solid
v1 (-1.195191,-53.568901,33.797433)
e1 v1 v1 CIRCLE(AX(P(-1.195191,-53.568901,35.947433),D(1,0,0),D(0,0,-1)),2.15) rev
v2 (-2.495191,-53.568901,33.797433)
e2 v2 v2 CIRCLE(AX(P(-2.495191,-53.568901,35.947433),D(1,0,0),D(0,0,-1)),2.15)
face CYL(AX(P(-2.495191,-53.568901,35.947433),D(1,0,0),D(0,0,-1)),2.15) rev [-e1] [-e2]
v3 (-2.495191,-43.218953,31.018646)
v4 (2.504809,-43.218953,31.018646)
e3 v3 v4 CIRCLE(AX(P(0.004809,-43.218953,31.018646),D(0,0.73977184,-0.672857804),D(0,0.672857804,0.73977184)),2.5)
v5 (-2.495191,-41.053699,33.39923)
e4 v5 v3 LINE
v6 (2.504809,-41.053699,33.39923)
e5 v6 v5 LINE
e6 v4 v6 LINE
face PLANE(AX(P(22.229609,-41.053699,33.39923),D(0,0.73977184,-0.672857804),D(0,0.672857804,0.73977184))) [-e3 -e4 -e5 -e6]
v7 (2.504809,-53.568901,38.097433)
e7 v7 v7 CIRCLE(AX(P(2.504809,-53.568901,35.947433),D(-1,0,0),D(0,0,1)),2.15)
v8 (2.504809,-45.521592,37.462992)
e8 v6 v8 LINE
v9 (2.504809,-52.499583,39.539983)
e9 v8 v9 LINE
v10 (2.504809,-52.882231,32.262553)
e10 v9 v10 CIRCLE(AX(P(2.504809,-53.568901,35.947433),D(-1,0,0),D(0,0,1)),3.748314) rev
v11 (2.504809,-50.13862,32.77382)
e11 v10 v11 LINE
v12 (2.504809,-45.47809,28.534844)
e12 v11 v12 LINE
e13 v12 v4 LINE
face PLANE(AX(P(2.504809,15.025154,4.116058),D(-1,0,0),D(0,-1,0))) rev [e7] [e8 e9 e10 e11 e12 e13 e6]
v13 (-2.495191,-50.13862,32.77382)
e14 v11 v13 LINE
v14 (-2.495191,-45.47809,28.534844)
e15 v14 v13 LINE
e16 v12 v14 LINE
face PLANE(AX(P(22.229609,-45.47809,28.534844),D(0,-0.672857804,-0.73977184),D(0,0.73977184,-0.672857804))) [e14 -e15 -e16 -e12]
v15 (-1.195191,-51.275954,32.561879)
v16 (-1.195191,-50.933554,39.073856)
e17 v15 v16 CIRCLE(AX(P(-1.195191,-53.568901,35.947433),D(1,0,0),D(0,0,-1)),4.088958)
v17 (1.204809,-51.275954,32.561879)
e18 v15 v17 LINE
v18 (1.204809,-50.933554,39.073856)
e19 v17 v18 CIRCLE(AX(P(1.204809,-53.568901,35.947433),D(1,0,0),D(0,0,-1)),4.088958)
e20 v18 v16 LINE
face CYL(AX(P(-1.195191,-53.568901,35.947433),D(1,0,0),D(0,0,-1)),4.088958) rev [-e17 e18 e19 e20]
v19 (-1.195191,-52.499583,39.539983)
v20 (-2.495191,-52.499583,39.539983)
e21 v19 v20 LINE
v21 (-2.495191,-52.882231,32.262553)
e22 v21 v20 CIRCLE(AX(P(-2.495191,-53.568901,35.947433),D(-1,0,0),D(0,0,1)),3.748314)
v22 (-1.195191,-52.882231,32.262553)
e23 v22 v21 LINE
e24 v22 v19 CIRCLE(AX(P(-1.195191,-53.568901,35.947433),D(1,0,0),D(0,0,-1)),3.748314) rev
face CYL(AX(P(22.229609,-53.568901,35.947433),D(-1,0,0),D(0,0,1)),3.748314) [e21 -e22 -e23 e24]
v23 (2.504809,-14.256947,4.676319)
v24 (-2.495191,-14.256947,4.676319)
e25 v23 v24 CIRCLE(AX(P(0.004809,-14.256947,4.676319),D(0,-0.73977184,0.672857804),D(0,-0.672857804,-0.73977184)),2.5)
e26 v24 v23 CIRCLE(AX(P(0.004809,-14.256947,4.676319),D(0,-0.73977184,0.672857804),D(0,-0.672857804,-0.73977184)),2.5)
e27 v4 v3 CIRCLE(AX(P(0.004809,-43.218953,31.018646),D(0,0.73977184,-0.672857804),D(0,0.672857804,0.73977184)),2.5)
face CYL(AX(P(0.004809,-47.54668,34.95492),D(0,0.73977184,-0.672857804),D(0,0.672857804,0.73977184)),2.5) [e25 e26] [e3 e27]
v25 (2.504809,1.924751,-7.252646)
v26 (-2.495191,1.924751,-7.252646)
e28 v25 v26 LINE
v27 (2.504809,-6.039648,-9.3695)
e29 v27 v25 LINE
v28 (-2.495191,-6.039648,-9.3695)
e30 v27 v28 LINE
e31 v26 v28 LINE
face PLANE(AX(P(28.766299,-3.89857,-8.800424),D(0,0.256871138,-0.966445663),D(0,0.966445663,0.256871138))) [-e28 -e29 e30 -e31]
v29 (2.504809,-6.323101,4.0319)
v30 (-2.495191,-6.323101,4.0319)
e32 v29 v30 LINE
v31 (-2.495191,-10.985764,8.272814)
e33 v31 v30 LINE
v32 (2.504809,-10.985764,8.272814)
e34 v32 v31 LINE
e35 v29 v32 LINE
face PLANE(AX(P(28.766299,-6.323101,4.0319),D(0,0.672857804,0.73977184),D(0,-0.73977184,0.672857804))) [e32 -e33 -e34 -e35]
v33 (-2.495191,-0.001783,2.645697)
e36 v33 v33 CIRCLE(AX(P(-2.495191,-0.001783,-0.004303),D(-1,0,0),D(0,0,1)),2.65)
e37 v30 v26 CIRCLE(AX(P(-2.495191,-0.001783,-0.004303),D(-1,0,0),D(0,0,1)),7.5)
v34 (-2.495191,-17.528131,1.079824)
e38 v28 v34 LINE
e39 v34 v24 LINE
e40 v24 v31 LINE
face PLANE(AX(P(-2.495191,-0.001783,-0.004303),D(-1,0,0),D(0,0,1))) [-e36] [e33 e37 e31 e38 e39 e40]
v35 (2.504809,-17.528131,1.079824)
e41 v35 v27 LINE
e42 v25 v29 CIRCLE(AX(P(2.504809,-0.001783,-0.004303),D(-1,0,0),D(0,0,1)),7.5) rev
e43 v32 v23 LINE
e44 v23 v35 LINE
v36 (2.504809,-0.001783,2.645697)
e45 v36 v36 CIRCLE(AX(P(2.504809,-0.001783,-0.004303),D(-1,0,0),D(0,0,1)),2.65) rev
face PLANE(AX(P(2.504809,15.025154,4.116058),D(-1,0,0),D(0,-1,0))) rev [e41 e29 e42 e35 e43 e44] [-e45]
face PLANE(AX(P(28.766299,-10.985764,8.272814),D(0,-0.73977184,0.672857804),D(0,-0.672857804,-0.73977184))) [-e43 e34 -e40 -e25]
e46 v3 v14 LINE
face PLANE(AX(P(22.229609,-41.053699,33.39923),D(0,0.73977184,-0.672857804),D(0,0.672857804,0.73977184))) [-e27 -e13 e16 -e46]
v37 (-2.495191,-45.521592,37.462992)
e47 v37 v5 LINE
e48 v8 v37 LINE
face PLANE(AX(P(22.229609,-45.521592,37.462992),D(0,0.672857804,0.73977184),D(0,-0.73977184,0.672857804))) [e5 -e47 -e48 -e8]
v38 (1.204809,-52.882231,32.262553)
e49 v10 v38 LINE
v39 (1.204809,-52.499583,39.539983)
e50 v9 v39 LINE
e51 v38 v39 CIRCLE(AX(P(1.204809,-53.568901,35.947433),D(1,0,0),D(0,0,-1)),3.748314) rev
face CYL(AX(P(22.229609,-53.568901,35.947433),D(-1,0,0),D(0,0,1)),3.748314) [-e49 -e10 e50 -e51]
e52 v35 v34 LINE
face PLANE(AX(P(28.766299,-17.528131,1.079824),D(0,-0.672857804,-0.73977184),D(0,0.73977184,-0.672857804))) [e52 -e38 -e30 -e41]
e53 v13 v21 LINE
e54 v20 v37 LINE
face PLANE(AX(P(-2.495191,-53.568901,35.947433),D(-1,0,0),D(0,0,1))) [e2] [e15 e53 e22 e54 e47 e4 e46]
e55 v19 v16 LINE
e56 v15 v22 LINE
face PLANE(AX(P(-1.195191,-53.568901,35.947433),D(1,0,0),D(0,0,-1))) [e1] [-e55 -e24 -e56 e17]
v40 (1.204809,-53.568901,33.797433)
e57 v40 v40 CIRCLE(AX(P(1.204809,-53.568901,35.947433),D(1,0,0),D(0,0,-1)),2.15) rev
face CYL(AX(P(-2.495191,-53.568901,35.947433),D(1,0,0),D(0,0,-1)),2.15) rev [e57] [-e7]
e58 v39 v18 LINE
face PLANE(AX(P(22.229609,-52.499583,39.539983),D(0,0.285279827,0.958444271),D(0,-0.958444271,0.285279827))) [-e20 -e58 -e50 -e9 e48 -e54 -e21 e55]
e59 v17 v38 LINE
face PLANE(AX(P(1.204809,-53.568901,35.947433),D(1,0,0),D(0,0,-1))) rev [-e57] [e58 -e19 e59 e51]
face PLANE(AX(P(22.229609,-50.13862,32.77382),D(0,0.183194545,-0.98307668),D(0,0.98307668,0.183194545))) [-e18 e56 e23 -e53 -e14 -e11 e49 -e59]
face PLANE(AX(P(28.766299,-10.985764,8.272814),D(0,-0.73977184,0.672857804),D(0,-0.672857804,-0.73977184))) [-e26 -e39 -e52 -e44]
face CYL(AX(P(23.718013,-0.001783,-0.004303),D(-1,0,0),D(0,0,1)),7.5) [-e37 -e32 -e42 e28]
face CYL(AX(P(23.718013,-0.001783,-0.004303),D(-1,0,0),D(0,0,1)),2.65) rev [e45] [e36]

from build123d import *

# Parameters (mm, degrees)
SKETCH2_R               = 7.5
SKETCH2_R_2             = 2.65
BOSS_EXTRUDE1_DEPTH     = 5
BOSS_EXTRUDE2_DEPTH     = 5
SKETCH4_R               = 2.5
BOSS_EXTRUDE3_DEPTH     = 45
BOSS_EXTRUDE4_DEPTH     = 5
CUT_EXTRUDE1_DEPTH      = 116.323136372
CUT_EXTRUDE1_DEPTH_BACK = 116.323136372
SKETCH6_R               = 2.15
SKETCH7_R               = 4.088958129
CUT_EXTRUDE2_DEPTH      = 1.2


with BuildPart() as part:
    # Sketch2 → Boss-Extrude1 (new body)
    with BuildSketch(Plane.ZY.offset(-18.504809472)):
        with Locations((-0.354303453, 100.78821716)):
            Circle(SKETCH2_R)
        with Locations((-0.354303453, 100.78821716)):
            Circle(SKETCH2_R_2, mode=Mode.SUBTRACT)
    extrude(amount=-BOSS_EXTRUDE1_DEPTH)

    # Sketch3 → Boss-Extrude2 (add)
    with BuildSketch(Plane.ZY.offset(-18.504809472)):
        Polygon((-9.150423673, 96.891429681), (-7.602645922, 102.714750693), (0.936612358, 94.575063583), (3.681899885, 94.466899053), (7.922814088, 89.804236476), (0.729824207, 83.261868795), (-9.719499705, 94.750351991), align=None)
    extrude(amount=-BOSS_EXTRUDE2_DEPTH)

    # Sketch4 → Boss-Extrude3 (add)
    with BuildSketch(Plane(origin=(0, 45.202809873, -41.114113503), x_dir=(1, 0, 0), z_dir=(0, -0.7397718400154494, 0.6728578042351567))):
        with Locations(Location((21.004809472, 61.424928866, 0), (0, 0, 180))):
            Circle(SKETCH4_R)
    extrude(amount=BOSS_EXTRUDE3_DEPTH)

    # Sketch5 → Boss-Extrude4 (add)
    with BuildSketch(Plane.ZY.offset(-18.504809472)):
        with BuildLine():
            Line((39.189983074, 48.290417188), (37.112992328, 55.268407542))
            Line((37.112992328, 55.268407542), (33.049229829, 59.736301118))
            Line((33.049229829, 59.736301118), (28.184844411, 55.311910361))
            Line((28.184844411, 55.311910361), (32.423819526, 50.65137971))
            Line((32.423819526, 50.65137971), (31.912552769, 47.90776949))
            ThreePointArc((31.912552769, 47.90776949), (35.794247616, 43.477955415), (39.189983074, 48.290417188))
        make_face()
    extrude(amount=-BOSS_EXTRUDE4_DEPTH)

    # Sketch6 → Cut-Extrude1 (cut, two sides: drawn at the far end of the back side and taken through both)
    with BuildSketch(Plane(origin=(23.504809472, 0, 0), x_dir=(0, 0, -1), z_dir=(1, 0, 0)).offset(-CUT_EXTRUDE1_DEPTH_BACK)):
        with Locations((-35.597432924, 47.221098797)):
            Circle(SKETCH6_R)
    extrude(amount=CUT_EXTRUDE1_DEPTH + CUT_EXTRUDE1_DEPTH_BACK, mode=Mode.SUBTRACT)

    # Sketch7 → Cut-Extrude2 (cut, symmetric)
    with BuildSketch(Plane(origin=(21.004809472, 0, 0), x_dir=(0, 0, -1), z_dir=(1, 0, 0))):
        with Locations((-35.597432924, 47.221098797)):
            Circle(SKETCH7_R)
    extrude(amount=CUT_EXTRUDE2_DEPTH, both=True, mode=Mode.SUBTRACT)


with BuildPart() as part_1:
    # Body-Move/Copy1: moved
    add(part.part.moved(Location((-21, -100.79, 0.35))))


solid = part_1.part
